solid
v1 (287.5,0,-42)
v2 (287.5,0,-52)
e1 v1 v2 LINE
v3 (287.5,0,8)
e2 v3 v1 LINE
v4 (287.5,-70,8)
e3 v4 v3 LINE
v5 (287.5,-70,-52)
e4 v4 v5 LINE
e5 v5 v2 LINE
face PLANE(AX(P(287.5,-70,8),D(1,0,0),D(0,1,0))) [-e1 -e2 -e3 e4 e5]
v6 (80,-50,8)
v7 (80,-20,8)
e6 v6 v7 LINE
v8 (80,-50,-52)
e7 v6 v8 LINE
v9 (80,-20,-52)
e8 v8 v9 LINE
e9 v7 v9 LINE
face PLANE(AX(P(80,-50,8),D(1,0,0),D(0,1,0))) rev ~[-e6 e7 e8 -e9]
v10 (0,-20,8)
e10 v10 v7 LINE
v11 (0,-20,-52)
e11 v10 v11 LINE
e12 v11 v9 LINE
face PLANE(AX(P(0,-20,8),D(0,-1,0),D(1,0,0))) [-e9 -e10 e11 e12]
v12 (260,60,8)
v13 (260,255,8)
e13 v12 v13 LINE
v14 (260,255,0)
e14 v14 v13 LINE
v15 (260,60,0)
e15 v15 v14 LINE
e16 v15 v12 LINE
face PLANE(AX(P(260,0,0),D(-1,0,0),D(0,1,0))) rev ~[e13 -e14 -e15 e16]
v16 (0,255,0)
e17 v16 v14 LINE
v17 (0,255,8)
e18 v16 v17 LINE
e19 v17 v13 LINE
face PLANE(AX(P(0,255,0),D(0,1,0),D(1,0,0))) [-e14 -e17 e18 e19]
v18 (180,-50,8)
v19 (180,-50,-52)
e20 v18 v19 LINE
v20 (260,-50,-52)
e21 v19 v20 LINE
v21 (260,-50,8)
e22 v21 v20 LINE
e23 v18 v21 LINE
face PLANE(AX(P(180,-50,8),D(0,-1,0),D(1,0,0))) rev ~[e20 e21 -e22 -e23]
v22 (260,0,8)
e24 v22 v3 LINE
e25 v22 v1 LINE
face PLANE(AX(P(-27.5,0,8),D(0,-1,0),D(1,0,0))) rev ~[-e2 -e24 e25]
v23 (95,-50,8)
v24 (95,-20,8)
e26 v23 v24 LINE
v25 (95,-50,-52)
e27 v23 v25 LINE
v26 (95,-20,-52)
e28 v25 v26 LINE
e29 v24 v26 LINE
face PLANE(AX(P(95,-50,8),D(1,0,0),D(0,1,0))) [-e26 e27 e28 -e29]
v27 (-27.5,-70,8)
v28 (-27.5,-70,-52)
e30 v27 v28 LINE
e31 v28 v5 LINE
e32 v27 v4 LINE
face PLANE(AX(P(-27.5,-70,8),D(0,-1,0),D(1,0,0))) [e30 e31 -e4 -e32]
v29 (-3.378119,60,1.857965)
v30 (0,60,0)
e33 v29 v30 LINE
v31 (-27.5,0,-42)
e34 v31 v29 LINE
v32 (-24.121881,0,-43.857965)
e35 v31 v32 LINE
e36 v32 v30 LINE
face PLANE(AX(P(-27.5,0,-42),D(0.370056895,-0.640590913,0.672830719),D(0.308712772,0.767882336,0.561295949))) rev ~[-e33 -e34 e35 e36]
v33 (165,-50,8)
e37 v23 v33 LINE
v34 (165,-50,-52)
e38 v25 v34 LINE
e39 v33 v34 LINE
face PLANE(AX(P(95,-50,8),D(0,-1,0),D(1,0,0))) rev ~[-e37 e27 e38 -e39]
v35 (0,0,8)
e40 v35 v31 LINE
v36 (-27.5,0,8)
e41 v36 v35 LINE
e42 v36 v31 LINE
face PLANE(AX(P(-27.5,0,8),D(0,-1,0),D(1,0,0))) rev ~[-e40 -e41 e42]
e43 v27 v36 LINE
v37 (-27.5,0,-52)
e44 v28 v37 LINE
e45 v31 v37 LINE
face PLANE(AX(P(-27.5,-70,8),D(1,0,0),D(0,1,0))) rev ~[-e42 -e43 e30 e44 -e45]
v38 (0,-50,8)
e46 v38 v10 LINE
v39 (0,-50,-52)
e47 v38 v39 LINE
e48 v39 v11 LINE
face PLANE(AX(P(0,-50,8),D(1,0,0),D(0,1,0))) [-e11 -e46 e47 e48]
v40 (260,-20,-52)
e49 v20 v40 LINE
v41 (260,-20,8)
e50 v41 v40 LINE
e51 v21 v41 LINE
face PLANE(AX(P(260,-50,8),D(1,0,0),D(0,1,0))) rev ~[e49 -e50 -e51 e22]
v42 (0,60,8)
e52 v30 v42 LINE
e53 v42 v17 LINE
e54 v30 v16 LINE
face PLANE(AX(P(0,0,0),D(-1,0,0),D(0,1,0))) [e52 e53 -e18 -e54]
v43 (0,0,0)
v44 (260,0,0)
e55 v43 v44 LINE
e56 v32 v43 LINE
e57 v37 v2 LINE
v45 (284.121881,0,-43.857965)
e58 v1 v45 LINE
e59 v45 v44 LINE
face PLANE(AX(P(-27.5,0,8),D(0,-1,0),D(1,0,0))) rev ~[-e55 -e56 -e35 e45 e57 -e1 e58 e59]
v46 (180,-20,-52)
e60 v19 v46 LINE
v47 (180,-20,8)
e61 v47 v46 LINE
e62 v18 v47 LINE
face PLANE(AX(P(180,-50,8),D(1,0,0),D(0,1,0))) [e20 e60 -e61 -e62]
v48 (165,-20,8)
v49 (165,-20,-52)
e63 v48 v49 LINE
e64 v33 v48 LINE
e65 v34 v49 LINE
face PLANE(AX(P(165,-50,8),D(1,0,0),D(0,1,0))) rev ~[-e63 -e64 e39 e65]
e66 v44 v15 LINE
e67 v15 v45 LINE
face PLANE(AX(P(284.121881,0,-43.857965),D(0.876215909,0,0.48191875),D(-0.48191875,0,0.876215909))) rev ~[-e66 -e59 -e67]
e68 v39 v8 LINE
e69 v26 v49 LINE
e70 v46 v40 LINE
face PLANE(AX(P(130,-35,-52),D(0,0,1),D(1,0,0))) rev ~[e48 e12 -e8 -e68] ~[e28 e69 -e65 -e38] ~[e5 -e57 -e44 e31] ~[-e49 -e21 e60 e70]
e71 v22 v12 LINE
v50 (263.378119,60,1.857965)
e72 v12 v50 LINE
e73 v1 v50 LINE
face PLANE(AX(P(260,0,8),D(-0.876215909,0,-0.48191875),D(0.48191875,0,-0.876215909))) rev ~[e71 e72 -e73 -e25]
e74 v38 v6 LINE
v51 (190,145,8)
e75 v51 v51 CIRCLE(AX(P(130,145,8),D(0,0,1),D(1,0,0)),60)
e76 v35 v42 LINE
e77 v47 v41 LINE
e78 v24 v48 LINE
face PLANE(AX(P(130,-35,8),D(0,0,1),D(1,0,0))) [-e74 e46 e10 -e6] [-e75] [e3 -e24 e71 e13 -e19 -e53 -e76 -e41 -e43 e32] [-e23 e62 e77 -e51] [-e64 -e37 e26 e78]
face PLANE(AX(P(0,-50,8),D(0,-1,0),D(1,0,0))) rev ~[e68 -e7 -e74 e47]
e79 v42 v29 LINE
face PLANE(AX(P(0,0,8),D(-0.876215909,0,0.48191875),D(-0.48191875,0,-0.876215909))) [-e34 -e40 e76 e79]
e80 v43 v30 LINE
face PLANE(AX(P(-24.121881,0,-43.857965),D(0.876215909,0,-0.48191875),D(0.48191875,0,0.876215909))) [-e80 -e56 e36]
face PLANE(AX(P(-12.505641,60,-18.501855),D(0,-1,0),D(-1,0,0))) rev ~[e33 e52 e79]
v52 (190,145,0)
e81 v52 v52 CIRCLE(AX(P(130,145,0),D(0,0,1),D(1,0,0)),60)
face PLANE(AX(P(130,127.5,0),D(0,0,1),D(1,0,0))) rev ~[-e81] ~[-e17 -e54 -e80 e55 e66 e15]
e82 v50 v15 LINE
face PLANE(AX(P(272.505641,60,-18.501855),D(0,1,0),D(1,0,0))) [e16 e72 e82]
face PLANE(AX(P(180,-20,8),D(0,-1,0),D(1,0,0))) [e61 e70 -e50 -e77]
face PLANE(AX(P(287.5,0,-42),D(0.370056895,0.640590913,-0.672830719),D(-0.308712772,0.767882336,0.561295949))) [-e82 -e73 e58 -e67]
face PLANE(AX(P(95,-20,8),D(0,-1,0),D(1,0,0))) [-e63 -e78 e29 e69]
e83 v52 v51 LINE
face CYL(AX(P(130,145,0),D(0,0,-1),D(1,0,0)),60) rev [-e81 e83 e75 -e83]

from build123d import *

# Parameters (mm, degrees)
SKETCH1_W           = 260
SKETCH1_H           = 255
SKETCH1_R           = 60
BOSS_EXTRUDE1_DEPTH = 8
SKETCH2_W           = 315
SKETCH2_H           = 70
SKETCH2_W_2         = 80
SKETCH2_H_2         = 30
SKETCH2_W_3         = 70
BOSS_EXTRUDE2_DEPTH = 60
BOSS_EXTRUDE3_DEPTH = 60
CUT_EXTRUDE1_REACH  = 282.827
CUT_EXTRUDE2_REACH  = 282.827


with BuildPart() as part:
    # Sketch1 → Boss-Extrude1 (new body)
    with BuildSketch(Plane.XY):
        with Locations((130, 127.5)):
            Rectangle(SKETCH1_W, SKETCH1_H)
        with Locations((130, 145)):
            Circle(SKETCH1_R, mode=Mode.SUBTRACT)
    extrude(amount=BOSS_EXTRUDE1_DEPTH)

    # Sketch2 → Boss-Extrude2 (add)
    with BuildSketch(Plane.XY.offset(8)):
        with Locations((130, -35)):
            Rectangle(SKETCH2_W, SKETCH2_H)
        with Locations((40, -35)):
            Rectangle(SKETCH2_W_2, SKETCH2_H_2, mode=Mode.SUBTRACT)
        with Locations((220, -35)):
            Rectangle(SKETCH2_W_2, SKETCH2_H_2, mode=Mode.SUBTRACT)
        with Locations((130, -35)):
            Rectangle(SKETCH2_W_3, SKETCH2_H_2, mode=Mode.SUBTRACT)
    extrude(amount=-BOSS_EXTRUDE2_DEPTH)

    # Sketch3 → Boss-Extrude3 (add)
    with BuildSketch(Plane(origin=(0, 0, 0), x_dir=(1, 0, 0), z_dir=(0, 1, 0))):
        Polygon((260, -8), (287.5, 42), (284.121880998, 43.857965451), (260, 0), align=None)
        Polygon((0, -8), (-27.5, 42), (-24.121880998, 43.857965451), (0, 0), align=None)
    extrude(amount=BOSS_EXTRUDE3_DEPTH)

    # Sketch4 → Cut-Extrude1 (cut, up to next)
    with BuildSketch(Plane(origin=(202.994241843, 0, 111.646833013), x_dir=(0.48191875, 0, -0.876215909), z_dir=(0.876215909, 0, 0.48191875)), mode=Mode.PRIVATE) as cut_extrude1_sk1:
        Polygon((175.352708724, 0), (125.298874941, 60), (175.352708724, 60), align=None)
    cut_extrude1_tool1 = extrude(cut_extrude1_sk1.sketch, amount=-CUT_EXTRUDE1_REACH, mode=Mode.PRIVATE) & part.part
    add(cut_extrude1_tool1.solids().sort_by_distance((279.459373, 40, -27.380678))[0], mode=Mode.SUBTRACT)

    # Sketch5 → Cut-Extrude2 (cut, up to next)
    with BuildSketch(Plane(origin=(-3.378119002, 0, 1.857965451), x_dir=(0.48191875, 0, 0.876215909), z_dir=(-0.876215909, 0, 0.48191875)), mode=Mode.PRIVATE) as cut_extrude2_sk1:
        Polygon((-50.053833783, 0), (0, 60), (-50.053833783, 60), align=None)
    cut_extrude2_tool1 = extrude(cut_extrude2_sk1.sketch, amount=-CUT_EXTRUDE2_REACH, mode=Mode.PRIVATE) & part.part
    add(cut_extrude2_tool1.solids().sort_by_distance((-19.459373, 40, -27.380678))[0], mode=Mode.SUBTRACT)


solid = part.part
